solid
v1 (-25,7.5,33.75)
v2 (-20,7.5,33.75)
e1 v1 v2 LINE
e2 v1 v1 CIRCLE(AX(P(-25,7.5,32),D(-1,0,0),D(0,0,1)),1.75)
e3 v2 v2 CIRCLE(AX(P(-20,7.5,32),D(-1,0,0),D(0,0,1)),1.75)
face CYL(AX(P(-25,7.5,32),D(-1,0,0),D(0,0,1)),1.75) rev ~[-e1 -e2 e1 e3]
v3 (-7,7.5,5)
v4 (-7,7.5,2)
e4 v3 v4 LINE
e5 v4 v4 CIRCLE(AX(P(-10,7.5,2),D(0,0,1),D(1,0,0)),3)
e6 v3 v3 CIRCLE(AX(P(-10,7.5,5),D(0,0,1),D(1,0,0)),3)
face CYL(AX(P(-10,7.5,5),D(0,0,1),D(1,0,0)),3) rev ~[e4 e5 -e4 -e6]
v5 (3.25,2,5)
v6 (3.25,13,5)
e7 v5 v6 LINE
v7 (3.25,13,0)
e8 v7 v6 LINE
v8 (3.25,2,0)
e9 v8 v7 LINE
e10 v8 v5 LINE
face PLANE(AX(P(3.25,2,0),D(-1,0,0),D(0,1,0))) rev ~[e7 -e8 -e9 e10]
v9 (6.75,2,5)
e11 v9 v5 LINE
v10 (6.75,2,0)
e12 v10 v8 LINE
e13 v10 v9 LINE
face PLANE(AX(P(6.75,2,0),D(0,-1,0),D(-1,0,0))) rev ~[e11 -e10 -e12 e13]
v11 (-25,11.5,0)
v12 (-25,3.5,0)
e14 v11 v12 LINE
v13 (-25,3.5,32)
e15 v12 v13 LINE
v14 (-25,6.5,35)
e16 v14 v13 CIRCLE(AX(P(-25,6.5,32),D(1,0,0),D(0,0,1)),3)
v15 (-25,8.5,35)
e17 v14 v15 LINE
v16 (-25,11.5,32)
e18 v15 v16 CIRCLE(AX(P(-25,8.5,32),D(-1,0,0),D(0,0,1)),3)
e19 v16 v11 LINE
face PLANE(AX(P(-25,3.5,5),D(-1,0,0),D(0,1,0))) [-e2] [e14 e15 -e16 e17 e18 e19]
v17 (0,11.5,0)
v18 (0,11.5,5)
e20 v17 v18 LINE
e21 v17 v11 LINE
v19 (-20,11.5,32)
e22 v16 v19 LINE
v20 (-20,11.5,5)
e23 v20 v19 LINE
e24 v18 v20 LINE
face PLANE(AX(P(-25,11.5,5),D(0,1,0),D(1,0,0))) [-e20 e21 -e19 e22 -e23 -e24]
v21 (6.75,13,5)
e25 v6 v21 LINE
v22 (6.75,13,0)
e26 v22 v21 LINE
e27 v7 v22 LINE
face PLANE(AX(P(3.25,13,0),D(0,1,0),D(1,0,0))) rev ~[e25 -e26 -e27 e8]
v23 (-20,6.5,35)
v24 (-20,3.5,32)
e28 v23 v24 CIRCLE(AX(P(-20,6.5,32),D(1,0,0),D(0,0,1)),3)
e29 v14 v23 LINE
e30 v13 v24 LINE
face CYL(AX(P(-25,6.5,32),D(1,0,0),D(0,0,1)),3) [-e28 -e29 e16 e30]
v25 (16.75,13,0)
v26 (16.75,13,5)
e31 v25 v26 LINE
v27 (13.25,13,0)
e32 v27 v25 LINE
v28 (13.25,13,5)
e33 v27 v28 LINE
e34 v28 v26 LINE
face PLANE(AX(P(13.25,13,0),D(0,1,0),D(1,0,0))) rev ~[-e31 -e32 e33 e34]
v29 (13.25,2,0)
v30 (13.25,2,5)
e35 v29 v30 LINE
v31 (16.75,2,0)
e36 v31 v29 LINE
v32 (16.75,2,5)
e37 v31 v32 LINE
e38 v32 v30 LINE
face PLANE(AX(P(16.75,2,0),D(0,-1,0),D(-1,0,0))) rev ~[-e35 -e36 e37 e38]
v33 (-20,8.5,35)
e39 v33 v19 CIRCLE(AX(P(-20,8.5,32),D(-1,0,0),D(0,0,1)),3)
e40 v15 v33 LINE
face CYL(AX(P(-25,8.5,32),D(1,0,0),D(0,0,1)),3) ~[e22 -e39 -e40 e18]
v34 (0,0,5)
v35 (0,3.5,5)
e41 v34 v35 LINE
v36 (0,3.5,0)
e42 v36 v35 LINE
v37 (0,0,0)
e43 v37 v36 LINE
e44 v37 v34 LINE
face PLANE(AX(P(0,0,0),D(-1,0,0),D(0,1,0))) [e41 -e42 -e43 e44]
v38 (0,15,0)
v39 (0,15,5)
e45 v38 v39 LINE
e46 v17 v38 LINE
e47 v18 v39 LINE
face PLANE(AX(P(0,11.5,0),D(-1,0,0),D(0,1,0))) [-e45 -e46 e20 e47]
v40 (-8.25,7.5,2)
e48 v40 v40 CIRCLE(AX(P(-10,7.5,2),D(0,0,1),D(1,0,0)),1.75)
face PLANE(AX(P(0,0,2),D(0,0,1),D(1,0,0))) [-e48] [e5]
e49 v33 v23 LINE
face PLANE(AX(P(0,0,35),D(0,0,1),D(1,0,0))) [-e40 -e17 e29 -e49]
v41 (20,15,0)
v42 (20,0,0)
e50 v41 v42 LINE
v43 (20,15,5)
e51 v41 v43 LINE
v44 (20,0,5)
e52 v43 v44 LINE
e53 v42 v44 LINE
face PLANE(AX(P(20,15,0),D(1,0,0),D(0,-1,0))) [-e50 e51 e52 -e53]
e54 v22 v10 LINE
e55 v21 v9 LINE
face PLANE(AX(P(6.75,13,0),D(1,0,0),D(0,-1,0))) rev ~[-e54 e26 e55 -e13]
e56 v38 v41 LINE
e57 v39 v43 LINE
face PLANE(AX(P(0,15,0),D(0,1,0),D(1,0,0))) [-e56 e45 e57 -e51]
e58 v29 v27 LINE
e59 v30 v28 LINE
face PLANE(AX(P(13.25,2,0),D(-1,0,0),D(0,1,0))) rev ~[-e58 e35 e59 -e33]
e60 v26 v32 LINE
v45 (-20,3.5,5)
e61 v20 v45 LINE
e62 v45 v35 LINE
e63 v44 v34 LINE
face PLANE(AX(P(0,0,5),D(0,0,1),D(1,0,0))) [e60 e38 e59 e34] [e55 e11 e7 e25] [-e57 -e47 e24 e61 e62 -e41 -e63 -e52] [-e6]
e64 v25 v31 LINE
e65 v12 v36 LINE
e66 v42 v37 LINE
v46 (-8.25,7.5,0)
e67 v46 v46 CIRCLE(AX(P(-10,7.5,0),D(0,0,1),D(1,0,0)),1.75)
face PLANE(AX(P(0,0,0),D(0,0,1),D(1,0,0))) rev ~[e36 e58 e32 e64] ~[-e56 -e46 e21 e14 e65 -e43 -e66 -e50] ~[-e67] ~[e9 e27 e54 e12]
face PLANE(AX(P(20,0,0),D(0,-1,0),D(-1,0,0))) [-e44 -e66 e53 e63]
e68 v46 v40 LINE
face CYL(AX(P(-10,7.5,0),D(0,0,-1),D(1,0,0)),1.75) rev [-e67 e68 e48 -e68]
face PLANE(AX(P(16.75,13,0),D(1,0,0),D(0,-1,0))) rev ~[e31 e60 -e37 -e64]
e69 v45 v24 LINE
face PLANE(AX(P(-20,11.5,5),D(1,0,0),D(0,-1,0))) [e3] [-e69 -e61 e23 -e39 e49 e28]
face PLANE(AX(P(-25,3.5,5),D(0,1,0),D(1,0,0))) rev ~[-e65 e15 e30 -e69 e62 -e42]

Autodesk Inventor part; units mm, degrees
ref_plane "YZ Plane" through (0, 0, 0) normal (1, 0, 0) x (0, 1, 0)
ref_plane "XZ Plane" through (0, 0, 0) normal (0, 1, 0) x (-1, 0, 0)
ref_plane "XY Plane" through (0, 0, 0) normal (0, 0, 1) x (1, 0, 0)
sketch "Sketch1" plane through (0, 0, 0) normal (0, 0, 1) x (1, 0, 0)
  line L0 (0, 15) -> (20, 15)
  line L1 (20, 15) -> (20, 0)
  line L2 (20, 0) -> (0, 0)
  line L3 (0, 0) -> (0, 15)
  line L4 (3.25, 13) -> (6.75, 13)
  line L5 (6.75, 13) -> (6.75, 2)
  line L6 (6.75, 2) -> (3.25, 2)
  line L7 (3.25, 2) -> (3.25, 13)
  line L8 (13.25, 13) -> (16.75, 13)
  line L9 (16.75, 13) -> (16.75, 2)
  line L10 (16.75, 2) -> (13.25, 2)
  line L11 (13.25, 2) -> (13.25, 13)
  line L12 (0, 11.5) -> (-25, 11.5)
  line L13 (-25, 11.5) -> (-25, 3.5)
  line L14 (-25, 3.5) -> (0, 3.5)
  line L15 (0, 3.5) -> (0, 11.5)
  circle A0 centre (-10, 7.5) radius 1.75
  point P0 (0, -23)
  point P1 (0, 7.5)
  dimension "d0" = 20
  dimension "d1" = 2
  dimension "d2" = 2
  dimension "d3" = 3.5
  dimension "d4" = 3.25
  dimension "d5" = 6.5
  dimension "d6" = 3.5
  dimension "d8" = 15
  dimension "d9" = 25
  dimension "d10" = 8
  dimension "d22" = 3.5
  dimension "d23" = 10
extrude "Extrusion1" add sketch "Sketch1" along normal blind 5
sketch "Sketch2" plane through (0, 0, 5) normal (0, 0, 1) x (1, 0, 0)
  line L0 (-25, 3.5) -> (0, 3.5) projected
  line L1 (-25, 11.5) -> (-20, 11.5)
  line L2 (-20, 11.5) -> (-20, 3.5)
  line L3 (-20, 3.5) -> (-25, 3.5)
  line L4 (-25, 3.5) -> (-25, 11.5)
  dimension "d24" = 5
extrude "Extrusion2" add sketch "Sketch2" along normal blind 30
sketch "Sketch3" plane through (-25, 3.5, 0) normal (-1, 0, 0) x (0, 0, 1)
  line L0 (35, 8) -> (35, 0) projected
  circle A0 centre (32, 4) radius 1.75
  point P0 (0, -3.5)
  point P1 (35, 4)
  dimension "d17" = 3.5
  dimension "d18" = 3
extrude "Extrusion3" cut sketch "Sketch3" against normal blind 35
fillet "Fillet1" radius 3 2 edges at (-22.5, 11.5, 35) (-22.5, 3.5, 35)
sketch "Sketch4" plane through (0, 0, 5) normal (0, 0, 1) x (1, 0, 0)
  circle A0 centre (-10, 7.5) radius 1.75 projected
  circle A1 centre (-10, 7.5) radius 3
  dimension "d26" = 6
extrude "Extrusion4" cut sketch "Sketch4" against normal blind 3
equation "\"d2\" = d1"
equation "\"d6\" = d3"
properties part number "switch bracket v5.1"
